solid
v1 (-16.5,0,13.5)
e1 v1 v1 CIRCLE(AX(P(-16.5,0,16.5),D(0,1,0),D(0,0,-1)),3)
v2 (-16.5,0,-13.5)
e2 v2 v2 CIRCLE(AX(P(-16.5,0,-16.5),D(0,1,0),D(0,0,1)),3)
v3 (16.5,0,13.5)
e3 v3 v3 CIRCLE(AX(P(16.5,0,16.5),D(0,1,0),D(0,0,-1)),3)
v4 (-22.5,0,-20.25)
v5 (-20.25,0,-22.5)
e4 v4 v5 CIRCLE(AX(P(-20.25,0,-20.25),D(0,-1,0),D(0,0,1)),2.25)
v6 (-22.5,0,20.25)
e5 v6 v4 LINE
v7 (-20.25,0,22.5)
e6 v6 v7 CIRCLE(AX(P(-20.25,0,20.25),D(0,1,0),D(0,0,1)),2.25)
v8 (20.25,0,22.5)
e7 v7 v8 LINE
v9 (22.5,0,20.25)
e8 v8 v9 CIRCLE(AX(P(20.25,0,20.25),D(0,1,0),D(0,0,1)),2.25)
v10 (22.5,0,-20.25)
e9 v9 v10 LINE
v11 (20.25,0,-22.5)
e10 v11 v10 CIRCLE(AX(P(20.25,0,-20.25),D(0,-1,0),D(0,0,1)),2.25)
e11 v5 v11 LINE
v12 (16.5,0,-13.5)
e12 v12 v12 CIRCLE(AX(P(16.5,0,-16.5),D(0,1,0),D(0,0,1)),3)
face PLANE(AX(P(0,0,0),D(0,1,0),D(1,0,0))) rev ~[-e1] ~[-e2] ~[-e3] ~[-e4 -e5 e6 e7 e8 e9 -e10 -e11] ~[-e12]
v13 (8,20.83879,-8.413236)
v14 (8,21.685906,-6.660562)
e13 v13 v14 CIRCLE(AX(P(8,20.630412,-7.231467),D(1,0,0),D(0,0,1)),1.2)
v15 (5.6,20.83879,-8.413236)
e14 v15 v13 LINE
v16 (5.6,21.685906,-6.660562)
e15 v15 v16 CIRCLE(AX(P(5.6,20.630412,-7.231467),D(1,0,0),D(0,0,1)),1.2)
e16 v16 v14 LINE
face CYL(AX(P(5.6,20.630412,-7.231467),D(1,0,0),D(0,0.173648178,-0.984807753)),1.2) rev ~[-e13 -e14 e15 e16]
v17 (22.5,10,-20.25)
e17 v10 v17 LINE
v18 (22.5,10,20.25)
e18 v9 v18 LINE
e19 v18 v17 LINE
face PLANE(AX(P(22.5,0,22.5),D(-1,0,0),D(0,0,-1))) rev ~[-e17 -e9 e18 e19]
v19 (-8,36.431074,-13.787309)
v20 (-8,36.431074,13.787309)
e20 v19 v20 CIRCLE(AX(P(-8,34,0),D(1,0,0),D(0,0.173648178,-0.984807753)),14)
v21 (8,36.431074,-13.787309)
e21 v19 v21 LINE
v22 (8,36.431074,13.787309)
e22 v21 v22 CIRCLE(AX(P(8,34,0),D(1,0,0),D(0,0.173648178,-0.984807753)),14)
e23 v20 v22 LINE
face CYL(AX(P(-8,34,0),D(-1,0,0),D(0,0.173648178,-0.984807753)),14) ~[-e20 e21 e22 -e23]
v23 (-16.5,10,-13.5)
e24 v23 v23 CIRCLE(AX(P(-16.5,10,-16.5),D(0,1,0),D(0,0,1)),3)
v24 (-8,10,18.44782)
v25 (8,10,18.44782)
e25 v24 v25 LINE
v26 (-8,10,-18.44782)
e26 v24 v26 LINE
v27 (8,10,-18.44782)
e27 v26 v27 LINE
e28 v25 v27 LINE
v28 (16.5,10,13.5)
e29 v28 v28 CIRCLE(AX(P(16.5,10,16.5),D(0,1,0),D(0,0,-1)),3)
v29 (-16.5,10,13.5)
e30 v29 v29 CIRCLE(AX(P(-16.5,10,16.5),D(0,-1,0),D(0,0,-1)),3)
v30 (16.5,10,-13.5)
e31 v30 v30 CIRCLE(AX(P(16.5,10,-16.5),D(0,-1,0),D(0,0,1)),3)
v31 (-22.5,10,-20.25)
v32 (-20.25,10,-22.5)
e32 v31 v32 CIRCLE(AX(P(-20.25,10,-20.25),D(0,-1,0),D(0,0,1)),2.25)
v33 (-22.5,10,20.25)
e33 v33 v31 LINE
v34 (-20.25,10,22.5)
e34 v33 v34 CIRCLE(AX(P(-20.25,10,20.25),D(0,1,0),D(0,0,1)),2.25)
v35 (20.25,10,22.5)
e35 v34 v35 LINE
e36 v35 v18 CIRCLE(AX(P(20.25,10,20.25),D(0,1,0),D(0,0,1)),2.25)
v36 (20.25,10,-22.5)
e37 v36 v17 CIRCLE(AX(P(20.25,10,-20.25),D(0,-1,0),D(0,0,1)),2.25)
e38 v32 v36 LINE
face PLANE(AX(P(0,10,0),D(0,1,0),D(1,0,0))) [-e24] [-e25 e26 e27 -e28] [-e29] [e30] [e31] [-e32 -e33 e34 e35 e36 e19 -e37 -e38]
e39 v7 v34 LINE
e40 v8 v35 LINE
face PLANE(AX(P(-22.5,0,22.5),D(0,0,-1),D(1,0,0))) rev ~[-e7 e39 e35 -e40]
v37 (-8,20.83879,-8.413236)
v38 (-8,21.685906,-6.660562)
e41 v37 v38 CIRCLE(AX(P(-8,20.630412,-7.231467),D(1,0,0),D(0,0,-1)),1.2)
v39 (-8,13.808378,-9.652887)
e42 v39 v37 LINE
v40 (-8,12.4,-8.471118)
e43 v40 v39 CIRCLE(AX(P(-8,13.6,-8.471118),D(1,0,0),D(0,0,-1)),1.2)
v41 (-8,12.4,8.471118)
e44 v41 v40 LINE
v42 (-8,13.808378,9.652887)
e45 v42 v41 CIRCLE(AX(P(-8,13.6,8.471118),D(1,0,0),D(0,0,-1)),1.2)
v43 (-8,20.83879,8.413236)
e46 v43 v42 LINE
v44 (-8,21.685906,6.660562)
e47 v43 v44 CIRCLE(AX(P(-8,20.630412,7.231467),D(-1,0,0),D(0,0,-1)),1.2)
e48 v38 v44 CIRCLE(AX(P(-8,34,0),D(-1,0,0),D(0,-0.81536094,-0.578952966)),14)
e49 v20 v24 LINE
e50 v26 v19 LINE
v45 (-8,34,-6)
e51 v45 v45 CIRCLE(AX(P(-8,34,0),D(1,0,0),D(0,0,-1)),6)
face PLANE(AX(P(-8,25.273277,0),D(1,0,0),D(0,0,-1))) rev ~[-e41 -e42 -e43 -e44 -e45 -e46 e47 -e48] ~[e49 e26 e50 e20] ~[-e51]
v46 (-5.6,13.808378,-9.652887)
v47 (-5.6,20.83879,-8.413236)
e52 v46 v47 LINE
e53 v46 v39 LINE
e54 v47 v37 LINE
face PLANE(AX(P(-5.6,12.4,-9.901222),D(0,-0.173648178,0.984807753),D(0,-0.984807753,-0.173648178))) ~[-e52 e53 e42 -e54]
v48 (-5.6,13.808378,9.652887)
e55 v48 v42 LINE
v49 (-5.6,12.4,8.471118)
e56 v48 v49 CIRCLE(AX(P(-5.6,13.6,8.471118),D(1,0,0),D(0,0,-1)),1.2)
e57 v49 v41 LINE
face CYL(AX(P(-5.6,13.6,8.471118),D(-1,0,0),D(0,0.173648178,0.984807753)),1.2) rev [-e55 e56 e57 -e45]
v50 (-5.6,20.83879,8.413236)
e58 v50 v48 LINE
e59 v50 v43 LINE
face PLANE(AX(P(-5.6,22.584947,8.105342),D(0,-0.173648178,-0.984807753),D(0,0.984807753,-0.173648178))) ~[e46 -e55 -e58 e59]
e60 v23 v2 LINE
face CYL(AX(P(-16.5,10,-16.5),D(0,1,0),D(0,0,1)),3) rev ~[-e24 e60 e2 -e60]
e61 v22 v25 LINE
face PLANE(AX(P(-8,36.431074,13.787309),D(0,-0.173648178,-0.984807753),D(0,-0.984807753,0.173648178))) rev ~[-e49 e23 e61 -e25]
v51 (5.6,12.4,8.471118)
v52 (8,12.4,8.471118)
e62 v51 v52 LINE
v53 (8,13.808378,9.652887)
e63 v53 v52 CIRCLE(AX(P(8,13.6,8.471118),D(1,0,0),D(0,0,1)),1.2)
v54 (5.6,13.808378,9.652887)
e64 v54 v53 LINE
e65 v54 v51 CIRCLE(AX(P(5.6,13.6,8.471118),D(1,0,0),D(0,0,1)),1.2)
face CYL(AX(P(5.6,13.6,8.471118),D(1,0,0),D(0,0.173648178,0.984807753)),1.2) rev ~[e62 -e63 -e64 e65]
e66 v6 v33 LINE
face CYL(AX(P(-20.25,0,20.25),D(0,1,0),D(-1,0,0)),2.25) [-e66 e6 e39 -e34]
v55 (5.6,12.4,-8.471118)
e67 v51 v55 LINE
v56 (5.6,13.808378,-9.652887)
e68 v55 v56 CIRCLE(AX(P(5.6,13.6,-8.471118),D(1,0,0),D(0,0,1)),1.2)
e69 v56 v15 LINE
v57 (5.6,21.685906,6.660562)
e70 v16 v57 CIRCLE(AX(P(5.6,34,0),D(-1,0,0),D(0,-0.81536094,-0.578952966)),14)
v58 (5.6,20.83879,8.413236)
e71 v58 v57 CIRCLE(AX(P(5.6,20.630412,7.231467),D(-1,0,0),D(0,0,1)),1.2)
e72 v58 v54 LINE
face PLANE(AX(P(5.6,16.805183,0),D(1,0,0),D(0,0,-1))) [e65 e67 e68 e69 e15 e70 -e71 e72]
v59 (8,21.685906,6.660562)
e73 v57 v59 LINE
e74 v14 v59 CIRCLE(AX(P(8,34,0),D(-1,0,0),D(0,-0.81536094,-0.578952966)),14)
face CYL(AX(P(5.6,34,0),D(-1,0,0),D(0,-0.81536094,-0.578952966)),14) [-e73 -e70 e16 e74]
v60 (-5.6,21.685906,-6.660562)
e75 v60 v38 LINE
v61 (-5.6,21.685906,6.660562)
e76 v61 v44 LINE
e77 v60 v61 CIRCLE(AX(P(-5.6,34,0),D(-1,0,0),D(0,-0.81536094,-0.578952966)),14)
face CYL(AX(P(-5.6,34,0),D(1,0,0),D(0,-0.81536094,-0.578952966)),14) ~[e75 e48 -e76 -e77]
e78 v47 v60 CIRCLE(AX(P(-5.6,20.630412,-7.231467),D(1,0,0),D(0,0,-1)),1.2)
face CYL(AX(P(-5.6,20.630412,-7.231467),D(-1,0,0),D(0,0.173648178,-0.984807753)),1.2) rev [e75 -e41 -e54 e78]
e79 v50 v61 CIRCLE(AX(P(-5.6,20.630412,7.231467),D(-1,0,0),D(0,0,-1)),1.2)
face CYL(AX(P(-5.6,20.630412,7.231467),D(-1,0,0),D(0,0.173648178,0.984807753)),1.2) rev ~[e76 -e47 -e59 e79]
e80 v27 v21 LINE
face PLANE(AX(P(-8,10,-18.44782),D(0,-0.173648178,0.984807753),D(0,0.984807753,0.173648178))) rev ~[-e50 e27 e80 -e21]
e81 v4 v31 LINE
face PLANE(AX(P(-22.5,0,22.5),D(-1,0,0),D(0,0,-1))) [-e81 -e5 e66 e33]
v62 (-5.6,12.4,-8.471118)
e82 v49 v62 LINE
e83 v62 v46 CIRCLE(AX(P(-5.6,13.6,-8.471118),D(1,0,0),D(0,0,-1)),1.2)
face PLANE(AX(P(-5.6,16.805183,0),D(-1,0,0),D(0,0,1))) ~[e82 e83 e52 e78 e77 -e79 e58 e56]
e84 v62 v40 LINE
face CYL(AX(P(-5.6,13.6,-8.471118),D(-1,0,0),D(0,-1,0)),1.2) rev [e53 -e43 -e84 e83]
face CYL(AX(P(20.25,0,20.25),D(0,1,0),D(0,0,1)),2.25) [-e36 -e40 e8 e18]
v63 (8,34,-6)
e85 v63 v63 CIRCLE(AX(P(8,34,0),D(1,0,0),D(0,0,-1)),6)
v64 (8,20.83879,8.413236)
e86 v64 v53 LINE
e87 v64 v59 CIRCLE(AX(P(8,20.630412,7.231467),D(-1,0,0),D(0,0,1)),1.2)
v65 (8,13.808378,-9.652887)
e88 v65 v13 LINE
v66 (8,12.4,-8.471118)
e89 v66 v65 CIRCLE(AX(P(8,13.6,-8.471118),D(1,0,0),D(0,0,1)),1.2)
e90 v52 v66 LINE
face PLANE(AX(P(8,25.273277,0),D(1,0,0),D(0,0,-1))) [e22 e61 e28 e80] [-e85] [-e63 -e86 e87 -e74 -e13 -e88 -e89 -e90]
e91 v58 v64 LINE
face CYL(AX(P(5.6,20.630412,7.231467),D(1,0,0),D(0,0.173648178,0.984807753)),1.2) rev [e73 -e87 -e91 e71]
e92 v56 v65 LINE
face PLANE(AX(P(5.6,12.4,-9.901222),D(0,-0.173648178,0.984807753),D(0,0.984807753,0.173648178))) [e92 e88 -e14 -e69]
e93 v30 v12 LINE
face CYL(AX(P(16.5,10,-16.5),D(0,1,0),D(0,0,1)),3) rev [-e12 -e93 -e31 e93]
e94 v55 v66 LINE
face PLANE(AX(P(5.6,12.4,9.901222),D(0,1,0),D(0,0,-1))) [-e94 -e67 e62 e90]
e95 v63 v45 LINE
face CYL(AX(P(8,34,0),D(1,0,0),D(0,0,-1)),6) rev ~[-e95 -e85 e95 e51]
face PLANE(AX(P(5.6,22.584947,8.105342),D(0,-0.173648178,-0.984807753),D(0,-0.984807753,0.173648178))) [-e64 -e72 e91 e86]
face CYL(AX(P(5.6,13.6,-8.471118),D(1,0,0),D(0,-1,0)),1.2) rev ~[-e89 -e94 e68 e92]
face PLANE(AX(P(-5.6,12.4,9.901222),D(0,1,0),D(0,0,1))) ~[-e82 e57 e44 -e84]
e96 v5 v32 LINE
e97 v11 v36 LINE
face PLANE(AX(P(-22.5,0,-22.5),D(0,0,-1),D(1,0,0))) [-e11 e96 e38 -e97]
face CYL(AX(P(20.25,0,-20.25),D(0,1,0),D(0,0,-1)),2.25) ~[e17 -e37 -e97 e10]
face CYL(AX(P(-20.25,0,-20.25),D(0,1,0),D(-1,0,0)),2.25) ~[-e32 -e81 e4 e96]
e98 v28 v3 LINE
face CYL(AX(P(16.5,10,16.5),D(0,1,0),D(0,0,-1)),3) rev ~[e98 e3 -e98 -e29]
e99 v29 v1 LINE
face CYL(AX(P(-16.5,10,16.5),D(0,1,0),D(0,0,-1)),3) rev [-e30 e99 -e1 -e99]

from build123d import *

# Parameters (mm, degrees)
SKETCH_3_W               = 45
SKETCH_3_H               = 45
EXTRUDE_1_DEPTH          = 10
EXTRUDE_START            = -8
EXTRUDE_2_DEPTH          = 16
SKETCH_5_R               = 6
CUT_EXTRUDE_1_DEPTH      = 62.159627206
CUT_EXTRUDE_START        = -2.4
CUT_EXTRUDE_3_DEPTH      = 2.4
SKETCH_7_R               = 3
CUT_EXTRUDE_2_DEPTH      = 50.563091106
MIRROR_2_COPY_1_SKETCH_R = 3
MIRROR_2_COPY_1_DEPTH    = 50.563091106
FILLET_1_R               = 2.25
FILLET_2_R               = 1.2


with BuildPart() as part:
    # 草图3 → 凸台-拉伸1 (new body)
    with BuildSketch(Plane(origin=(0, 0, 0), x_dir=(1, 0, 0), z_dir=(0, 1, 0))):
        Rectangle(SKETCH_3_W, SKETCH_3_H)
    extrude(amount=EXTRUDE_1_DEPTH)

    # 草图4 → 凸台-拉伸2 (add)
    with BuildSketch(Plane(origin=(0, 0, 0), x_dir=(0, 0, -1), z_dir=(1, 0, 0)).offset(EXTRUDE_START)):
        with BuildLine():
            Line((-13.787308542, 36.431074487), (-18.447820103, 10))
            Line((-18.447820103, 10), (18.447820103, 10))
            Line((18.447820103, 10), (13.787308542, 36.431074487))
            ThreePointArc((13.787308542, 36.431074487), (0, 48), (-13.787308542, 36.431074487))
        make_face()
    extrude(amount=EXTRUDE_2_DEPTH)

    # 草图5 → 切除-拉伸1 (cut, through all)
    with BuildSketch(Plane(origin=(8, 0, 0), x_dir=(0, 0, -1), z_dir=(1, 0, 0))):
        with Locations((0, 34)):
            Circle(SKETCH_5_R)
    extrude(amount=-CUT_EXTRUDE_1_DEPTH, mode=Mode.SUBTRACT)

    # 草图8 → 切除-拉伸3 (cut)
    with BuildSketch(Plane(origin=(8, 0, 0), x_dir=(0, 0, -1), z_dir=(1, 0, 0)).offset(CUT_EXTRUDE_START)):
        with BuildLine():
            Line((-8.10534153, 22.584946838), (-9.901222455, 12.4))
            Line((-9.901222455, 12.4), (9.901222455, 12.4))
            Line((9.901222455, 12.4), (8.10534153, 22.584946838))
            ThreePointArc((8.10534153, 22.584946838), (0, 20), (-8.10534153, 22.584946838))
        make_face()
    cut_extrude_3 = extrude(amount=CUT_EXTRUDE_3_DEPTH, mode=Mode.SUBTRACT)

    # 镜向3: 切除-拉伸3 across plane
    add(cut_extrude_3.mirror(Plane(origin=(0, 0, 0), x_dir=(0, 0, 1), z_dir=(1, 0, 0))), mode=Mode.SUBTRACT)

    # 草图7 → 切除-拉伸2 (cut, through all)
    with BuildSketch(Plane(origin=(0, 10, 0), x_dir=(1, 0, 0), z_dir=(0, 1, 0))):
        with Locations(Location((-16.5, 16.5, 0), (0, 0, 270))):
            Circle(SKETCH_7_R)
    cut_extrude_2 = extrude(amount=-CUT_EXTRUDE_2_DEPTH, mode=Mode.SUBTRACT)

    # 镜向1: 切除-拉伸2 across plane
    add(cut_extrude_2.mirror(Plane(origin=(0, 0, 0), x_dir=(0, 0, 1), z_dir=(1, 0, 0))), mode=Mode.SUBTRACT)

    # 镜向2: 切除-拉伸2 across plane
    add(cut_extrude_2.mirror(Plane.XY), mode=Mode.SUBTRACT)

    # 镜向2 copy 1 sketch → 镜向2 copy 1 (cut, through all)
    with BuildSketch(Plane(origin=(0, 10, 0), x_dir=(-1, 0, 0), z_dir=(0, 1, 0))):
        with Locations(Location((-16.5, 16.5, 0), (0, 0, 270))):
            Circle(MIRROR_2_COPY_1_SKETCH_R)
    extrude(amount=-MIRROR_2_COPY_1_DEPTH, mode=Mode.SUBTRACT)

    # 圆角1
    fillet_1_edges = [part.edges().sort_by_distance(p)[0] for p in [
        (-22.5, 5, 22.5),
        (-22.5, 5, -22.5),
        (22.5, 5, -22.5),
        (22.5, 5, 22.5),
    ]]
    fillet(fillet_1_edges, radius=FILLET_1_R)

    # 圆角2
    fillet_2_edges = [part.edges().sort_by_distance(p)[0] for p in [
        (6.8, 22.584946838, 8.10534153),
        (6.8, 22.584946838, -8.10534153),
        (6.8, 12.4, -9.901222455),
        (6.8, 12.4, 9.901222455),
        (-6.8, 22.584946838, -8.10534153),
        (-6.8, 22.584946838, 8.10534153),
        (-6.8, 12.4, 9.901222455),
        (-6.8, 12.4, -9.901222455),
    ]]
    fillet(fillet_2_edges, radius=FILLET_2_R)


solid = part.part
